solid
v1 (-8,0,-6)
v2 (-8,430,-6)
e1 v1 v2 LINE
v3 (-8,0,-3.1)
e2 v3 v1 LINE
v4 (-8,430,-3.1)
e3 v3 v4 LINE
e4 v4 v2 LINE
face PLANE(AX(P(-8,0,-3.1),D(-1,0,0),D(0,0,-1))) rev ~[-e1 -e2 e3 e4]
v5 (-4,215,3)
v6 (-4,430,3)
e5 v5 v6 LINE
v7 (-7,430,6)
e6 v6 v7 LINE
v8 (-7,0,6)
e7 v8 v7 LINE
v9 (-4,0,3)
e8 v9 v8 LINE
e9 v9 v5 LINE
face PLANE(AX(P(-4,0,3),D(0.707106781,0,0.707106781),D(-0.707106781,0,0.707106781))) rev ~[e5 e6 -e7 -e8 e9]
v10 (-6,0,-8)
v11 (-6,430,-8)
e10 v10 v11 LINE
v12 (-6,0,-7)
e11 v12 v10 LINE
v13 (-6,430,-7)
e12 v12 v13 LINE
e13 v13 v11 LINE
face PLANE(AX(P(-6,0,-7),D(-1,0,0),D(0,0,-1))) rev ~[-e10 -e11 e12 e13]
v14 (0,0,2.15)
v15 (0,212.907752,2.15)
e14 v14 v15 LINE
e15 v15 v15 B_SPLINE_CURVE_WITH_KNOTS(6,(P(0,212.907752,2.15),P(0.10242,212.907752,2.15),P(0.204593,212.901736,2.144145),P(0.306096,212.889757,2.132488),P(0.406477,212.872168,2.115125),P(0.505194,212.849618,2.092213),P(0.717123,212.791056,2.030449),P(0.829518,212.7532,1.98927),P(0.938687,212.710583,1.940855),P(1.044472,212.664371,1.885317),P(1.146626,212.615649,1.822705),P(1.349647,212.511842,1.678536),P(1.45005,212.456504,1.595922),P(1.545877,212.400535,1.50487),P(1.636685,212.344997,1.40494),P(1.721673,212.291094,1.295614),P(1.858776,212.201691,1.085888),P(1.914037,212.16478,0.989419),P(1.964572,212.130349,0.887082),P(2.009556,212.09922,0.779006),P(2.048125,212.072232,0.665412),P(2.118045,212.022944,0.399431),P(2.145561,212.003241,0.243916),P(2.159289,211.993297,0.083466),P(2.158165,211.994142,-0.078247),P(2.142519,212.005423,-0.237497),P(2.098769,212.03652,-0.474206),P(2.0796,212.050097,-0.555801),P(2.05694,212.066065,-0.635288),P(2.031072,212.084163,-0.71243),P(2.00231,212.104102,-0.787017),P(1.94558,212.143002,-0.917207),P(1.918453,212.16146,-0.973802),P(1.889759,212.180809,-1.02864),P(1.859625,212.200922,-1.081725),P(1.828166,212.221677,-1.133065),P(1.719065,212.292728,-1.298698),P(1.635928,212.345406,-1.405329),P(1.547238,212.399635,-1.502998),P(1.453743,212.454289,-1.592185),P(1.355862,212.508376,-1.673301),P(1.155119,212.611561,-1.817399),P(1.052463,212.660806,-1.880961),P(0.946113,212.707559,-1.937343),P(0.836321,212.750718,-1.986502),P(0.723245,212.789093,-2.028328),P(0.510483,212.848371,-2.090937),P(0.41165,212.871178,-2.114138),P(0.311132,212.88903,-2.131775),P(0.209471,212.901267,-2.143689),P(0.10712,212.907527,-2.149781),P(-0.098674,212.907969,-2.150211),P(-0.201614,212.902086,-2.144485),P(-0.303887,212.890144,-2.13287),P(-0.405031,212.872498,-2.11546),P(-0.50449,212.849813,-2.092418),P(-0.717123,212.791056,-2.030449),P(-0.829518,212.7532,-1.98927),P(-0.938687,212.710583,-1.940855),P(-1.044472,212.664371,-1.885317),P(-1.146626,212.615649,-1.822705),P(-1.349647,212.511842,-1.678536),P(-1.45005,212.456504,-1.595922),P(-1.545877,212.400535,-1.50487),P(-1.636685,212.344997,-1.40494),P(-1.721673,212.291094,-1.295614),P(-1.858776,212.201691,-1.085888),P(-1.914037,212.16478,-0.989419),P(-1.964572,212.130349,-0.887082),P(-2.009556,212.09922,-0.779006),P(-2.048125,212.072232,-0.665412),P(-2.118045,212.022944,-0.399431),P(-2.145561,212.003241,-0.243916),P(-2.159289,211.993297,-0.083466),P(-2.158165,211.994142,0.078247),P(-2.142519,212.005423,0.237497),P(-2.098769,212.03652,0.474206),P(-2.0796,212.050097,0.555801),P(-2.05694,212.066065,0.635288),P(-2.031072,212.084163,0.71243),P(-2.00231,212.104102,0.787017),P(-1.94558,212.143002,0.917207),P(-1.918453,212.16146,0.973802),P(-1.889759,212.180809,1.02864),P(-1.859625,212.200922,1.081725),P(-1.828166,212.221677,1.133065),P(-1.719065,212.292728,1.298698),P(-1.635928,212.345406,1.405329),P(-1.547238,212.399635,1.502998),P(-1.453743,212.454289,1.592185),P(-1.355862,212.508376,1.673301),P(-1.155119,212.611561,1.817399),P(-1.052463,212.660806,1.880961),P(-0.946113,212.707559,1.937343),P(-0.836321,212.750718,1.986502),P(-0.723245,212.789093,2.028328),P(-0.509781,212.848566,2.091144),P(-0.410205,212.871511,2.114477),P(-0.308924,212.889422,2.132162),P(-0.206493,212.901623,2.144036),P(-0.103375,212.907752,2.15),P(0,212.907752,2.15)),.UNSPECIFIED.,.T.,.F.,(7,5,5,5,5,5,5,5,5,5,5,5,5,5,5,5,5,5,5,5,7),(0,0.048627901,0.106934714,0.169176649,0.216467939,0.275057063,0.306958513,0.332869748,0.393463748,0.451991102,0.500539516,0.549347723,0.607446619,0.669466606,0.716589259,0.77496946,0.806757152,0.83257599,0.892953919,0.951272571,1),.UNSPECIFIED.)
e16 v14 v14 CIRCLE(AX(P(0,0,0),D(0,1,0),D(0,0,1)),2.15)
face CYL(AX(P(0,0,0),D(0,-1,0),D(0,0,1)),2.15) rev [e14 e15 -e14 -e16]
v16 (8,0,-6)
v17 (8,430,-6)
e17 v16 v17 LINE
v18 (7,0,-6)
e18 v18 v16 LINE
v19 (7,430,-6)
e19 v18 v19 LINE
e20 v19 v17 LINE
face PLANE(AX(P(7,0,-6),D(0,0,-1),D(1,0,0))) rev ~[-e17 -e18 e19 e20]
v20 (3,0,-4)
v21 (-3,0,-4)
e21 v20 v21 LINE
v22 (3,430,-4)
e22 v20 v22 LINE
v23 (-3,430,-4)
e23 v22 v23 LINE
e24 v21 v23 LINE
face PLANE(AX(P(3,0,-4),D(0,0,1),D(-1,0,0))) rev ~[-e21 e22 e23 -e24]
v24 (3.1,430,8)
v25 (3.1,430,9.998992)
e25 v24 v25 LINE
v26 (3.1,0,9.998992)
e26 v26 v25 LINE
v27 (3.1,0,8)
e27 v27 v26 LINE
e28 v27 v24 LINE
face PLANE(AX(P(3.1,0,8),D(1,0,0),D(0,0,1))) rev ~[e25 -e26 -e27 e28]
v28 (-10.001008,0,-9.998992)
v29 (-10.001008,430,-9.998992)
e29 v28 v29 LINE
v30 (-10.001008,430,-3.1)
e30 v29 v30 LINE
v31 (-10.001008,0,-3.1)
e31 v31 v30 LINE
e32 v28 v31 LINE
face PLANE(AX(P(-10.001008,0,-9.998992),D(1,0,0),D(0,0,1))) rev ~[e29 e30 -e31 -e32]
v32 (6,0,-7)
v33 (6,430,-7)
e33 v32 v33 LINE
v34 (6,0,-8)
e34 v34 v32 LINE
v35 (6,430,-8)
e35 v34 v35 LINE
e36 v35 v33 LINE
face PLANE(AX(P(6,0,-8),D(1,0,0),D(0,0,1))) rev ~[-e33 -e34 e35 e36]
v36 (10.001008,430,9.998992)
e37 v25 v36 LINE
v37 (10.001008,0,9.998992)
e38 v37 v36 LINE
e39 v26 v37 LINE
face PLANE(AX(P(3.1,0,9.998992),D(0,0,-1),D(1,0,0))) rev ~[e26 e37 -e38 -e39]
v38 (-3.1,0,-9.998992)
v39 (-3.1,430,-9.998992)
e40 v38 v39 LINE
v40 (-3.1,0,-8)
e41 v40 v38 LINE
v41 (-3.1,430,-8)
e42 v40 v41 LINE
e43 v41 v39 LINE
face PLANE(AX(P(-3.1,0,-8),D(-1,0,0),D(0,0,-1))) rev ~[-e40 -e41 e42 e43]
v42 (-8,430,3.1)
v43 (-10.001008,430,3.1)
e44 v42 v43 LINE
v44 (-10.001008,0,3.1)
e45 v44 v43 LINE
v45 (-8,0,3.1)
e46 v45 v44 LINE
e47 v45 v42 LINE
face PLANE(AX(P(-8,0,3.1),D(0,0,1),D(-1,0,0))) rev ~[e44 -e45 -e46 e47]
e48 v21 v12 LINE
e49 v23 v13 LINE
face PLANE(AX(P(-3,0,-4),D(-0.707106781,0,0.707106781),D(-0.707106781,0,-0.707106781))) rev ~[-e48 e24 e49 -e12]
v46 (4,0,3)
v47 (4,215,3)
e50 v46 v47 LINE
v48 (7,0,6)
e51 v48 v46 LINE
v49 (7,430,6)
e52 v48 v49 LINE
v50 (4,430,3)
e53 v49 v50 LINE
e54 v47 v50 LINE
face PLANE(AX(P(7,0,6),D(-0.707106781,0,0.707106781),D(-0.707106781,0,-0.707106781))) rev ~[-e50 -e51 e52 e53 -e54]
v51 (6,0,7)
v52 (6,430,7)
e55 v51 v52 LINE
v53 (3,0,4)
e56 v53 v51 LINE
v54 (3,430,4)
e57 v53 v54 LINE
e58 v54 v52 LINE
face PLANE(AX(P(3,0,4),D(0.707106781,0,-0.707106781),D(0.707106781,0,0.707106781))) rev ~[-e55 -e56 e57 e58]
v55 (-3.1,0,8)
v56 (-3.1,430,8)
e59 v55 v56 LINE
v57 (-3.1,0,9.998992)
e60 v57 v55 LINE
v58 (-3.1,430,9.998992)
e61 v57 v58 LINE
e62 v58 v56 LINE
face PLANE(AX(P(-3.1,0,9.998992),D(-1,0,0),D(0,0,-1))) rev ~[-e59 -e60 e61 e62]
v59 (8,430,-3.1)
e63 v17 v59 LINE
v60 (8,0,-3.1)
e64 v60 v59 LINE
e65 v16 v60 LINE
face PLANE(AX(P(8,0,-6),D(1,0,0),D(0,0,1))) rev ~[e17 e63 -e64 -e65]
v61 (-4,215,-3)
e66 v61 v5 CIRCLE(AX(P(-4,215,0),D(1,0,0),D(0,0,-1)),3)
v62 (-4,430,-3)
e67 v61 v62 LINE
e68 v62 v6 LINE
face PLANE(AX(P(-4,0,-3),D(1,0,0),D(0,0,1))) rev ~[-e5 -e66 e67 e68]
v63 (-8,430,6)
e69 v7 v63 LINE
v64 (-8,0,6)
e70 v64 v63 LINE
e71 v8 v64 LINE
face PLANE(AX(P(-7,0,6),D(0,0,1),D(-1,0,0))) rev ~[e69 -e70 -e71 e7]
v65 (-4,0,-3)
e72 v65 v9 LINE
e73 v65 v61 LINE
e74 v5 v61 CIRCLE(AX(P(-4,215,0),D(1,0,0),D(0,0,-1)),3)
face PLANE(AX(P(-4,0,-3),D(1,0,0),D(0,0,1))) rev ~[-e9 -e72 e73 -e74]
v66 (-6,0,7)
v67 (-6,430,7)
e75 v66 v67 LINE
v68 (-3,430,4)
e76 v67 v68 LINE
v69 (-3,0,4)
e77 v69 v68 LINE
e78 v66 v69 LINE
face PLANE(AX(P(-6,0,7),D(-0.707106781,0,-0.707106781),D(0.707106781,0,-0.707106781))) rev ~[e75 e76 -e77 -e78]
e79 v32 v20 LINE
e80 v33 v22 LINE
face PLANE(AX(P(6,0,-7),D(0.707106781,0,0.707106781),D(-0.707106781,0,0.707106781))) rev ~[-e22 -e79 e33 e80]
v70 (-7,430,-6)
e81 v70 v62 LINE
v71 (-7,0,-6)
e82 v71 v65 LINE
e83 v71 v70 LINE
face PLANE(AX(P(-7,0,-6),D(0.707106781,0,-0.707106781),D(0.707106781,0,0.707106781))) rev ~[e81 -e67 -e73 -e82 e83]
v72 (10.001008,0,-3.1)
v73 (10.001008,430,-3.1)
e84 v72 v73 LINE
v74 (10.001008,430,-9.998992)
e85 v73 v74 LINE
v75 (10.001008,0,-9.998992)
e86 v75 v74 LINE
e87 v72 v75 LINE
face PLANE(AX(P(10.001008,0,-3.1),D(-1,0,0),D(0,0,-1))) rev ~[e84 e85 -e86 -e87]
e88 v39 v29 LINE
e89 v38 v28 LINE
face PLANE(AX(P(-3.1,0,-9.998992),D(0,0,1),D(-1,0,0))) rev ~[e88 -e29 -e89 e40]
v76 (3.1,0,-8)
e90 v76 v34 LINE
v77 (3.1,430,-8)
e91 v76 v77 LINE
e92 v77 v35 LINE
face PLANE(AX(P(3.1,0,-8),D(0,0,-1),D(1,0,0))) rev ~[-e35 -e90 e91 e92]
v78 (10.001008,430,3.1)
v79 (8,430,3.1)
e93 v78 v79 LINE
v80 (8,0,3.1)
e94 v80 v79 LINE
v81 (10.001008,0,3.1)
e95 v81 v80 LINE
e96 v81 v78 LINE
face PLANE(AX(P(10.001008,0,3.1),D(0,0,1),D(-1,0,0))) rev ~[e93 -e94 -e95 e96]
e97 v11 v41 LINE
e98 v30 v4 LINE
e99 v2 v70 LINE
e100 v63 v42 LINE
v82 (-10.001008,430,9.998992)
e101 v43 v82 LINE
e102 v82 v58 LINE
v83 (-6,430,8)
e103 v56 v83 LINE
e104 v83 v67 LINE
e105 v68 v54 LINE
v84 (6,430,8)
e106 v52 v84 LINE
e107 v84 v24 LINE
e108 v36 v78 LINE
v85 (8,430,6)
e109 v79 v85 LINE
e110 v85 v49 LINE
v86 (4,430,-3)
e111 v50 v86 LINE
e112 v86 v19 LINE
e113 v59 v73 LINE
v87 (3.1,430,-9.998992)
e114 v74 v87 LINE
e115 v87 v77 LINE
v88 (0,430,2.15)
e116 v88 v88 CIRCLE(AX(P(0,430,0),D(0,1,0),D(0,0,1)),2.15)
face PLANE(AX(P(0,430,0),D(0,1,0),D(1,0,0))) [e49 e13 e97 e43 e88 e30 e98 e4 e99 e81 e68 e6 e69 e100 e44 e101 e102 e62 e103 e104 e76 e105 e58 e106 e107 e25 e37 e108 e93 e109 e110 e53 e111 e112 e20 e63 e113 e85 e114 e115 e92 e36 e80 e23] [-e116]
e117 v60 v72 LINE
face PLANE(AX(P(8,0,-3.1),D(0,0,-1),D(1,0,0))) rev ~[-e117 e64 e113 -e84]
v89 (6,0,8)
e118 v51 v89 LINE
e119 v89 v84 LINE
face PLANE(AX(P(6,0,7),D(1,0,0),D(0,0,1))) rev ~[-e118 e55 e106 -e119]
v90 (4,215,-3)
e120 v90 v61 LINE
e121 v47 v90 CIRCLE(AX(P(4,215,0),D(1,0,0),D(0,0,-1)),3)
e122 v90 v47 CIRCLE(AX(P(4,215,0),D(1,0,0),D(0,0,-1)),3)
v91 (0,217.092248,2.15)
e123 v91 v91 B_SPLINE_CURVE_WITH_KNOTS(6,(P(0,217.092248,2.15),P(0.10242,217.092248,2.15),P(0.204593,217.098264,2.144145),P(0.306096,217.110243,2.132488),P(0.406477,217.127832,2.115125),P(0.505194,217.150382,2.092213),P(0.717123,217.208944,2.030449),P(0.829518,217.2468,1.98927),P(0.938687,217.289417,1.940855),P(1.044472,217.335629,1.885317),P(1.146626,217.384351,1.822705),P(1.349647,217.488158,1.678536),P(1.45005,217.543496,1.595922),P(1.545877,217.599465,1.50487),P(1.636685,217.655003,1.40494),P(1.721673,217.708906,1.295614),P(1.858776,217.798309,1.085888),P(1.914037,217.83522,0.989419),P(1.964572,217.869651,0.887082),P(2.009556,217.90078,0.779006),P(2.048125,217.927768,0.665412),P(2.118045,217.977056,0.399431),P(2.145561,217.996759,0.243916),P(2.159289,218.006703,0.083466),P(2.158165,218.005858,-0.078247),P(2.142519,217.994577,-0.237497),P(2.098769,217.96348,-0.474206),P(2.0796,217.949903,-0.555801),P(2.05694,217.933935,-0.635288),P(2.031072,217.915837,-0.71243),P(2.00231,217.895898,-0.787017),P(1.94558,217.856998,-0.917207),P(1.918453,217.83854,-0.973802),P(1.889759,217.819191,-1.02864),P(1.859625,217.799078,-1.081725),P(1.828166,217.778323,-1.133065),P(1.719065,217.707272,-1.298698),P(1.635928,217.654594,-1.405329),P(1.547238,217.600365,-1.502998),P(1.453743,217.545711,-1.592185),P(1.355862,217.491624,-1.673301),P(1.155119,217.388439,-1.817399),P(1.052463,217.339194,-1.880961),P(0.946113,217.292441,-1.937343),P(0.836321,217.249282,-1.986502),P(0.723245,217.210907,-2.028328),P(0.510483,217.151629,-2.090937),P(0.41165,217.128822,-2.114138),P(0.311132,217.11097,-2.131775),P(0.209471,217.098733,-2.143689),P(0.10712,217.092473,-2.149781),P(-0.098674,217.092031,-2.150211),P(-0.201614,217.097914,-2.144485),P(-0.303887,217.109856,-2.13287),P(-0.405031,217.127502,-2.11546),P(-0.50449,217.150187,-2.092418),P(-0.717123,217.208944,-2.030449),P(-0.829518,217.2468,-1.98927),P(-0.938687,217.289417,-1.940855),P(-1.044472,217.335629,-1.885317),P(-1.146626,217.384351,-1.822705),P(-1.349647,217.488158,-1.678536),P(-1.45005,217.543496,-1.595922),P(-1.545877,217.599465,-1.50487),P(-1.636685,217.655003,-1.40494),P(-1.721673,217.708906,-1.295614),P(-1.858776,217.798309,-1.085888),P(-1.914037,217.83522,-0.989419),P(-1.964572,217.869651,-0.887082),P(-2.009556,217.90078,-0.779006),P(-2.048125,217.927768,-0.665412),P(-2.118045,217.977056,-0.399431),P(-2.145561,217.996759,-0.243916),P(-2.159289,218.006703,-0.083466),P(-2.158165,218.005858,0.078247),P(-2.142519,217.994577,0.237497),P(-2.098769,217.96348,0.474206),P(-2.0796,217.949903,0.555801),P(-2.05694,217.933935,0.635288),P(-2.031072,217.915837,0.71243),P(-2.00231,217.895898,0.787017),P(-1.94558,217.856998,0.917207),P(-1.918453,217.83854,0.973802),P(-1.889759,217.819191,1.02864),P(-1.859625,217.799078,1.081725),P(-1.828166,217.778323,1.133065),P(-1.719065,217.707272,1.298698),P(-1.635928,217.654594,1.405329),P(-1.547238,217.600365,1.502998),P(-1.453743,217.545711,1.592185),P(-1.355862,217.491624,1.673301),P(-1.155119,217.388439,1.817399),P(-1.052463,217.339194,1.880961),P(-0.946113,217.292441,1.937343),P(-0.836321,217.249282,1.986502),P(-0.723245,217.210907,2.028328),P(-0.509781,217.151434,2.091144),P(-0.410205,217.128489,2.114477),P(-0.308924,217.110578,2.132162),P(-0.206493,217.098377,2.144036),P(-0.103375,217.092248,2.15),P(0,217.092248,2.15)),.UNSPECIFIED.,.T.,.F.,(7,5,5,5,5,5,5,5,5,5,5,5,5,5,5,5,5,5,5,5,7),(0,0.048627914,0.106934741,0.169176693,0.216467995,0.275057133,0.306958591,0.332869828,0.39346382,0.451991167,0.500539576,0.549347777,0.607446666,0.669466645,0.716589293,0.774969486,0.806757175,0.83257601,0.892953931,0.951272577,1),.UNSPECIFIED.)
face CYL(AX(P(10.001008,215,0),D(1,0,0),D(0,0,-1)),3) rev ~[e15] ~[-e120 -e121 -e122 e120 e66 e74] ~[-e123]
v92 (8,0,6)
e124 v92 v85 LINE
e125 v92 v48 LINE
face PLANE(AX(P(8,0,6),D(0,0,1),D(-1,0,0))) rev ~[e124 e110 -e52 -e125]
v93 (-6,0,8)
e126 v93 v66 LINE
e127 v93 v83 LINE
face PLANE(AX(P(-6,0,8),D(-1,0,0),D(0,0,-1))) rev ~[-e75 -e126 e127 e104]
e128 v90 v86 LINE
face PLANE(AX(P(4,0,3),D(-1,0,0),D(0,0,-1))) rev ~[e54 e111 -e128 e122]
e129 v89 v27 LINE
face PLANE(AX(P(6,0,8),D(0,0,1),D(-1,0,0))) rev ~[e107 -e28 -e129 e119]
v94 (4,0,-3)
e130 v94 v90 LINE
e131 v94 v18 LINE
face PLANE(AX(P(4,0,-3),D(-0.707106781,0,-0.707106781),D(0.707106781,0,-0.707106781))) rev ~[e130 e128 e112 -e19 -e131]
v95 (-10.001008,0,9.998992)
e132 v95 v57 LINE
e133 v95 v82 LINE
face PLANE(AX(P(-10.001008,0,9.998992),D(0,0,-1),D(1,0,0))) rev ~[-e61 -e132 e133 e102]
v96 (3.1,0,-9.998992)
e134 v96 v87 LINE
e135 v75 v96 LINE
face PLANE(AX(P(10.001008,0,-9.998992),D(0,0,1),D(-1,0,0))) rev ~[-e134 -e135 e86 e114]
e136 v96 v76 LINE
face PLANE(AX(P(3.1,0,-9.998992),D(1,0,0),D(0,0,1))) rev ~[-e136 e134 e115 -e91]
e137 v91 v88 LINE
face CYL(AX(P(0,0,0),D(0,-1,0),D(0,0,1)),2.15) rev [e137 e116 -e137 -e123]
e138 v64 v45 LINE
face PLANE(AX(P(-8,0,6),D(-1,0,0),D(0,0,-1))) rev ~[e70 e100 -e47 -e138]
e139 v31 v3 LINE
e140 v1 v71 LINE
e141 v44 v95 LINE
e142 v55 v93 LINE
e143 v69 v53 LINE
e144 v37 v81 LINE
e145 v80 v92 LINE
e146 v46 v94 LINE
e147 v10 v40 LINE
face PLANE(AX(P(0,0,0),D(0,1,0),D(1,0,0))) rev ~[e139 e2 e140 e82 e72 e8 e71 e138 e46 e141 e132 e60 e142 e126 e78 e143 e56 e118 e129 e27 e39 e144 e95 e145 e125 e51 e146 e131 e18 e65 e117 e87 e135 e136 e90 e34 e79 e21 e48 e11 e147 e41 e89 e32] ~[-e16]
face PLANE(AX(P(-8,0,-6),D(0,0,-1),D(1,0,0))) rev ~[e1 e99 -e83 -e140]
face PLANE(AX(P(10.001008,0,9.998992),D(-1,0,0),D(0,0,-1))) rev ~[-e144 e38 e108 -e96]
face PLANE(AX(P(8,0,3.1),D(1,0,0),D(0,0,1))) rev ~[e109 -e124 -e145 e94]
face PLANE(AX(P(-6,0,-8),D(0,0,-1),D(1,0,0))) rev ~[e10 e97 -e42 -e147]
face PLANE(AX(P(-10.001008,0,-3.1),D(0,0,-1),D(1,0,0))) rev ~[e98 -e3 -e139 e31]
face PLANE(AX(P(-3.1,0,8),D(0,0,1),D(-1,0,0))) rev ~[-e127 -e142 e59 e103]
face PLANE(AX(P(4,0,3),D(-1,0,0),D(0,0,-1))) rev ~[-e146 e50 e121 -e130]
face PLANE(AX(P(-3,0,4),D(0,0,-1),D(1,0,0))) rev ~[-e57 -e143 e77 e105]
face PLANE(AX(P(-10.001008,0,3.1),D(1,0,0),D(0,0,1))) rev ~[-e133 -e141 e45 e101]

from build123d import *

# Parameters (mm, degrees)
SKETCH_1_R          = 2.15
EXTRUDE_1_DEPTH     = 430
SKETCH_3_R          = 3
CUT_EXTRUDE_1_DEPTH = 26


with BuildPart() as part:
    # 스케치1 → 보스-돌출1 (new body)
    with BuildSketch(Plane(origin=(0, 0, 0), x_dir=(1, 0, 0), z_dir=(0, 1, 0))):
        Polygon((3.1, 8), (6, 8), (6, 7), (3, 4), (0, 4), (-3, 4), (-6, 7), (-6, 8), (-3.1, 8), (-3.1, 9.998992087), (-10.001007855, 9.998992087), (-10.001007855, 3.1), (-8, 3.1), (-8, 6), (-7, 6), (-4, 3), (-4, 0), (-4, -3), (-7, -6), (-8, -6), (-8, -3.1), (-10.001007855, -3.1), (-10.001007855, -9.998992087), (-3.1, -9.998992087), (-3.1, -8), (-6, -8), (-6, -7), (-3, -4), (0, -4), (3, -4), (6, -7), (6, -8), (3.1, -8), (3.1, -9.998992087), (10.001007855, -9.998992087), (10.001007855, -3.1), (8, -3.1), (8, -6), (7, -6), (4, -3), (4, 0), (4, 3), (7, 6), (8, 6), (8, 3.1), (10.001007855, 3.1), (10.001007855, 9.998992087), (3.1, 9.998992087), align=None)
        with Locations(Location((0, 0, 0), (0, 0, 270))):
            Circle(SKETCH_1_R, mode=Mode.SUBTRACT)
    extrude(amount=EXTRUDE_1_DEPTH)

    # 스케치3 → 컷-돌출1 (cut)
    with BuildSketch(Plane(origin=(10.001007855, 0, 0), x_dir=(0, 0, -1), z_dir=(1, 0, 0))):
        with Locations((0, 215)):
            Circle(SKETCH_3_R)
    extrude(amount=-CUT_EXTRUDE_1_DEPTH, mode=Mode.SUBTRACT)


solid = part.part
